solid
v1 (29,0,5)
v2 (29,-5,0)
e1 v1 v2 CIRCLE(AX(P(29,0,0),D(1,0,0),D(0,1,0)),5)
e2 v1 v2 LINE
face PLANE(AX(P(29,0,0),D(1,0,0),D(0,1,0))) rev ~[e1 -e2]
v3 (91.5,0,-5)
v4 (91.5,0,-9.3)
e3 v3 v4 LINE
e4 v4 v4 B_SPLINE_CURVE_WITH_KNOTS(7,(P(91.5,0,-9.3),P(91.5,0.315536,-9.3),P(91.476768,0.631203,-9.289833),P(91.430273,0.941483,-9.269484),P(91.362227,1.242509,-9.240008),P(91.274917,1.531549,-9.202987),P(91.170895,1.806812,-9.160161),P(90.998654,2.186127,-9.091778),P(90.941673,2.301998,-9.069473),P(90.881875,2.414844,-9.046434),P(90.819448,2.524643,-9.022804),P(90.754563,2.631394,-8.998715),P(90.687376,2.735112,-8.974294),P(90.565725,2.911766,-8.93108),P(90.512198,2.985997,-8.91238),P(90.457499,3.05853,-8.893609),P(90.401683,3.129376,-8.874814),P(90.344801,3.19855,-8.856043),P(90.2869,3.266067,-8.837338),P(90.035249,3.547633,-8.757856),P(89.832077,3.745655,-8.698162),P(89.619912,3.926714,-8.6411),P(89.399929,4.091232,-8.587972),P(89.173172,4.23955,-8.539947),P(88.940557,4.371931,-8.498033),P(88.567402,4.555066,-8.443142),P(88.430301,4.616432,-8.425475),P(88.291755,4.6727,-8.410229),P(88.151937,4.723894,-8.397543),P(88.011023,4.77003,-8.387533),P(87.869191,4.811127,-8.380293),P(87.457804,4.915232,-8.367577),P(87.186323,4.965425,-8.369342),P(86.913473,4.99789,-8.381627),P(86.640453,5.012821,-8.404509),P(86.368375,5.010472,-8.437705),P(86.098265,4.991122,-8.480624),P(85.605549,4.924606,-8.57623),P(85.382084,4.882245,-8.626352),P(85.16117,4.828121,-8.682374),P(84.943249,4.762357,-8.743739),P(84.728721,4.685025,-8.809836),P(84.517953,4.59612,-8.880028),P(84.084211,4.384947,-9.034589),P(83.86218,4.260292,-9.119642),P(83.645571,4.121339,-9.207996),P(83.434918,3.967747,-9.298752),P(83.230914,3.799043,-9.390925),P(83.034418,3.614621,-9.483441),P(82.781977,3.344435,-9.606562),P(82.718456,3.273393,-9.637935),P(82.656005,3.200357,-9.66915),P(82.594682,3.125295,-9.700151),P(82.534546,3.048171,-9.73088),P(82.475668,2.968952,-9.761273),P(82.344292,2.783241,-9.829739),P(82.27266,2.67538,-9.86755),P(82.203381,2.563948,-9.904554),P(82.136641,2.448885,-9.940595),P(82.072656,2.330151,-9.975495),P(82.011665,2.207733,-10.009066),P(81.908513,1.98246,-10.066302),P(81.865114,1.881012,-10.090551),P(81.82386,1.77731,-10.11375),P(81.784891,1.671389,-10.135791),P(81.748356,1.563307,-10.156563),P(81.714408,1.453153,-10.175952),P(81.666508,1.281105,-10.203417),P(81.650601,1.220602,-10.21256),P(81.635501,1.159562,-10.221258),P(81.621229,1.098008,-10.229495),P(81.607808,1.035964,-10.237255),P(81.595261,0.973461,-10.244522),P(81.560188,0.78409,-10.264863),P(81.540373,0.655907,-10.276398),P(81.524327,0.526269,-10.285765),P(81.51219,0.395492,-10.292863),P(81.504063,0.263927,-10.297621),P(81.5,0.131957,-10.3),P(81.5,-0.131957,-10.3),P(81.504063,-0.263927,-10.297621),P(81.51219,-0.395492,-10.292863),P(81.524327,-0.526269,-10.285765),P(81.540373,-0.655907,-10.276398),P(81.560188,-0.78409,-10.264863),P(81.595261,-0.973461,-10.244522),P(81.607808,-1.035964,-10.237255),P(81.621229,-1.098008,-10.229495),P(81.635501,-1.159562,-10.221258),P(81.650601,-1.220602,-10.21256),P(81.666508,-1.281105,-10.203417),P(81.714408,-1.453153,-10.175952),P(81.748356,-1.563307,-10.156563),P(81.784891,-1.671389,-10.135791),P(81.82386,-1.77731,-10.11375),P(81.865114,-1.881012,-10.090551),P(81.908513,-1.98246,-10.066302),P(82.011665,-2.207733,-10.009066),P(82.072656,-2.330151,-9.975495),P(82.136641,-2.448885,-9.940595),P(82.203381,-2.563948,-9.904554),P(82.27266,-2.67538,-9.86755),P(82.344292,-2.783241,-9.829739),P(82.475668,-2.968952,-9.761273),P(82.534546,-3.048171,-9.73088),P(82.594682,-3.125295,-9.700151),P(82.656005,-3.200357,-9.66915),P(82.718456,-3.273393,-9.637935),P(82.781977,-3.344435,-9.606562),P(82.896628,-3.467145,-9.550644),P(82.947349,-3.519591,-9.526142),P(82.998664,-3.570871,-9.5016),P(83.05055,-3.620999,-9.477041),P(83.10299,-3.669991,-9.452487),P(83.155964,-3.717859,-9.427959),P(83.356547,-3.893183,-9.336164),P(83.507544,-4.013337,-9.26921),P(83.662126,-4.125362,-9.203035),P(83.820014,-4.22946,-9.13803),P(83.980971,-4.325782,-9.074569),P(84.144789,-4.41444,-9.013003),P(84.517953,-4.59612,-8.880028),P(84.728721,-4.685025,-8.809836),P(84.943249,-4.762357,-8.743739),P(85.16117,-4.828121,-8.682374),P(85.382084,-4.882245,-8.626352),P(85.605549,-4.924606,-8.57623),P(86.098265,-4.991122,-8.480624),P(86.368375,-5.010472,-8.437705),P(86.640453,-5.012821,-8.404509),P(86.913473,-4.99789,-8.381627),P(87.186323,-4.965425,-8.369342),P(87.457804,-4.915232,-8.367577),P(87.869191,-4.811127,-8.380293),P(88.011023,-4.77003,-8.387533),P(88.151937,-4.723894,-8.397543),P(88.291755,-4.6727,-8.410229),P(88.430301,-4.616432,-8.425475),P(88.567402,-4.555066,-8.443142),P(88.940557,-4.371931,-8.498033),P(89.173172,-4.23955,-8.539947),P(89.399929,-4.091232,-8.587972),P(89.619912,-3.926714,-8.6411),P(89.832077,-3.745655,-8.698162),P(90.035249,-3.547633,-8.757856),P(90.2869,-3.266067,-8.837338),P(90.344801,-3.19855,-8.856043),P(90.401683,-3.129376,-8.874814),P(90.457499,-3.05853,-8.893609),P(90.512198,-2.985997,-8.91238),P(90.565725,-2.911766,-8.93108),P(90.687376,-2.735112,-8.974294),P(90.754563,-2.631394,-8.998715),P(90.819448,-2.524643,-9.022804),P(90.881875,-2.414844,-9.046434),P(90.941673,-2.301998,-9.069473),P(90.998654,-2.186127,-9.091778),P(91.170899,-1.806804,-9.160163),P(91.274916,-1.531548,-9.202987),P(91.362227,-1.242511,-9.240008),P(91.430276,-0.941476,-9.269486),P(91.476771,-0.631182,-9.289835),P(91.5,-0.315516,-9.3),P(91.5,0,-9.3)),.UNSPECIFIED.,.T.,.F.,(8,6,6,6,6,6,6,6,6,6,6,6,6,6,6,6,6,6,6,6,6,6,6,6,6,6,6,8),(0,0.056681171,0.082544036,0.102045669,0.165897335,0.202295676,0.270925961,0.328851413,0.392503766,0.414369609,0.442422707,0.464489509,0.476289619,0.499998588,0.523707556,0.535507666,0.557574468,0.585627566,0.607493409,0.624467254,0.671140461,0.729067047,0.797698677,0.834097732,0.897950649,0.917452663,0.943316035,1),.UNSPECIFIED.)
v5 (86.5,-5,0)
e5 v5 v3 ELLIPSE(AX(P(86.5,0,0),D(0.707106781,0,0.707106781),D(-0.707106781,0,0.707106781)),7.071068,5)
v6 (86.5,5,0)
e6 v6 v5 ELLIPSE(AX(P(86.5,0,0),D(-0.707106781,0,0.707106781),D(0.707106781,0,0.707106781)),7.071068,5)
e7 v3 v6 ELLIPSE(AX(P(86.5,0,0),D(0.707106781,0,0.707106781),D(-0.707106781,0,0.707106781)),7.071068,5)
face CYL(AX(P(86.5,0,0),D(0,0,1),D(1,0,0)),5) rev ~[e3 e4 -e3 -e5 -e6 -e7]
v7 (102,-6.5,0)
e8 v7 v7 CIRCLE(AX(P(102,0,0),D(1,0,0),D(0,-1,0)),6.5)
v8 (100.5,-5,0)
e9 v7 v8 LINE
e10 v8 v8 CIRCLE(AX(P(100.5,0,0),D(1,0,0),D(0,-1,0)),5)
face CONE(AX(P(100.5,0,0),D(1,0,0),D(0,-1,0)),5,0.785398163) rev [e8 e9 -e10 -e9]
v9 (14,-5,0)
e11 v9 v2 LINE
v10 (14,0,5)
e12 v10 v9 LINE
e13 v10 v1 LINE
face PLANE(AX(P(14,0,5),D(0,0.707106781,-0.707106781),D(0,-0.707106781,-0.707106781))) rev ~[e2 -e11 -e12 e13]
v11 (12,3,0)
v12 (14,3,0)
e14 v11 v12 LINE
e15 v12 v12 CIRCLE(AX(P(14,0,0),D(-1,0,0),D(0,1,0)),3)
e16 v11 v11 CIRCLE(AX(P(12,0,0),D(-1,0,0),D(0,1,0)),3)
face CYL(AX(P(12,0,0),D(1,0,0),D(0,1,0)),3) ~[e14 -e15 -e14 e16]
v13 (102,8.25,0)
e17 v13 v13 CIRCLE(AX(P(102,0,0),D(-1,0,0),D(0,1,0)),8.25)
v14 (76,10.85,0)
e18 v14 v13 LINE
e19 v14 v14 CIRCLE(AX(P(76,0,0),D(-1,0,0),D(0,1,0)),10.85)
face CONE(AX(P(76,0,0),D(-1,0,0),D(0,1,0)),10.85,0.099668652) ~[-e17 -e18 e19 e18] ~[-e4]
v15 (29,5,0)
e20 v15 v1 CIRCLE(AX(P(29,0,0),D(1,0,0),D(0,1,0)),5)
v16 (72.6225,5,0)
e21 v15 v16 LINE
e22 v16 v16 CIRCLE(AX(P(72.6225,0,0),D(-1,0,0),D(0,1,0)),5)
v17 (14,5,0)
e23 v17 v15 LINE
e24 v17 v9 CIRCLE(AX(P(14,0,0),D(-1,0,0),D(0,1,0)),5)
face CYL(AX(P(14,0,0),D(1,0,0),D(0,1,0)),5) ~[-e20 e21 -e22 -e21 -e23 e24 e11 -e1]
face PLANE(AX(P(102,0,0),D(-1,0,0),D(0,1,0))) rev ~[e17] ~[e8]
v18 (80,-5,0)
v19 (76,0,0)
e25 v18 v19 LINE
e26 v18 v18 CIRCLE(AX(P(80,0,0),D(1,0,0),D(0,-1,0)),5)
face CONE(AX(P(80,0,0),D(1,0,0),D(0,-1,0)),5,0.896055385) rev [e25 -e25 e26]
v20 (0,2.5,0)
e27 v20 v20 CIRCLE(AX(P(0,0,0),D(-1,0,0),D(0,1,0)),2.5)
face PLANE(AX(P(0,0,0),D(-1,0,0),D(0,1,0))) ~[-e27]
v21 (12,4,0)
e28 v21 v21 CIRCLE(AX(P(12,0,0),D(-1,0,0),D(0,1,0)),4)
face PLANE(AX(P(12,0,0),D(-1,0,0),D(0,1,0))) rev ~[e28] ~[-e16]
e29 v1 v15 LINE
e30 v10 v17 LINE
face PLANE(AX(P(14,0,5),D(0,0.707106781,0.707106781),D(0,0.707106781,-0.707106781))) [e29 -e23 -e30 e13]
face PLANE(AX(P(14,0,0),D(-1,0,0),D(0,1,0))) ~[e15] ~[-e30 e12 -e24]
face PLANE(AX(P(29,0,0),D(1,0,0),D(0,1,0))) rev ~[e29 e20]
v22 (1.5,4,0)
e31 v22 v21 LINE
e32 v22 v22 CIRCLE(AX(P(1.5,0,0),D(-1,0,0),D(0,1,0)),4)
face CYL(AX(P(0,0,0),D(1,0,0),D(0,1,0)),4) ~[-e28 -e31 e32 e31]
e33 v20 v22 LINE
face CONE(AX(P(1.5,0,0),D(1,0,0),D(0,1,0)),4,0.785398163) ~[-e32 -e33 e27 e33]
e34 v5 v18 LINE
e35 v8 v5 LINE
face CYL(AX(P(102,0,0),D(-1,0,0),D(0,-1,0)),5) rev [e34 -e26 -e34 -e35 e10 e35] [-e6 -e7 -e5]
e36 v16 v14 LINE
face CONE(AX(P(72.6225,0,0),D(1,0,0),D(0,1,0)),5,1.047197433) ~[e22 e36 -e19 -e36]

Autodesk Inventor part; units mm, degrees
ref_plane "XZ Plane" through (0, 0, 0) normal (0, 1, 0) x (-1, 0, 0)
ref_plane "XY Plane" through (0, 0, 0) normal (0, 0, 1) x (1, 0, 0)
sketch "草图1" plane through (0, 0, 0) normal (0, 0, 1) x (1, 0, 0)
  line L0 (0, 0) -> (0, 4)
  line L1 (0, 4) -> (12, 4)
  line L2 (12, 4) -> (12, 3)
  line L3 (12, 3) -> (14, 3)
  line L4 (14, 3) -> (14, 5)
  line L5 (14, 5) -> (72.6225, 5)
  line L6 (72.6225, 5) -> (76, 10.85)
  line L7 (76, 10.85) -> (102, 8.25)
  line L8 (102, 8.25) -> (102, 0)
  line L9 (102, 0) -> (0, 0)
  dimension "d0" = 60
  dimension "d1" = 102
  dimension "d2" = 14
  dimension "d3" = 5
  dimension "d4" = 8.25
  dimension "d5" = 2
  dimension "d6" = 3
  dimension "d7" = 4
  dimension "d8" = 26
  dimension "d31" = 10.85
  dimension "d32" = 5.711
revolve "旋转1" add sketch "草图1" angle 360 about axis through (102, 0, 0) along (-1, 0, 0)
sketch "草图2" plane through (0, 0, 0) normal (0, 0, 1) x (1, 0, 0)
  line L0 (76, -10.85) -> (76, 10.85) projected
  line L1 (102, -8.25) -> (102, 8.25) projected
  line L2 (102, -8.25) -> (102, 8.25) projected
  line L3 (102, 0) -> (76, 0)
  line L4 (76, -10.85) -> (76, 10.85) projected
  circle A0 centre (86.5, 0) radius 5
  point P0 (0, 0)
  dimension "d10" = 10
  dimension "d11" = 15.5
extrude "拉伸1" cut sketch "草图2" against normal through all
sketch "草图3" plane through (0, 0, 0) normal (0, 0, 1) x (1, 0, 0)
  line L0 (76, -10.85) -> (76, 10.85) projected
  line L1 (102, -8.25) -> (102, 8.25) projected
  line L2 (102, -8.25) -> (102, 8.25) projected
  line L3 (102, -5) -> (80, -5)
  line L4 (80, -5) -> (76, 0)
  line L5 (76, 0) -> (102, 0)
  point P0 (0, 0)
  point P1 (86.7551, 4.9935)
  dimension "d14" = 5
  dimension "d15" = 22
revolve "旋转2" cut sketch "草图3" angle 360 about axis through (76, 0, 0) along (1, 0, 0)
thread "螺纹1" size "M8x1.25" designation "M8" class "6g" standard "GB Metric profile" length 48
ref_plane "工作平面1" through (14, 0, 0) normal (1, 0, 0) x (0, 1, 0)
sketch "草图4" plane through (14, 0, 0) normal (1, 0, 0) x (0, 1, 0)
  circle A0 centre (0, 0) radius 5
  line L0 (0, 5) -> (-5, 0)
  circle A1 centre (0, 0) radius 5 projected
  line L1 (0, 5) -> (5, 0)
  point P0 (5, 0)
  dimension "d26" = 10
extrude "拉伸2" cut sketch "草图4" along normal blind 15 contours L1 A0 | L0 A0
chamfer "倒角3" distance 1.5 angle 45 2 edges at (0, -4, 0) (102, 5, 0)
properties part number "2-阀门" material "不锈钢"
